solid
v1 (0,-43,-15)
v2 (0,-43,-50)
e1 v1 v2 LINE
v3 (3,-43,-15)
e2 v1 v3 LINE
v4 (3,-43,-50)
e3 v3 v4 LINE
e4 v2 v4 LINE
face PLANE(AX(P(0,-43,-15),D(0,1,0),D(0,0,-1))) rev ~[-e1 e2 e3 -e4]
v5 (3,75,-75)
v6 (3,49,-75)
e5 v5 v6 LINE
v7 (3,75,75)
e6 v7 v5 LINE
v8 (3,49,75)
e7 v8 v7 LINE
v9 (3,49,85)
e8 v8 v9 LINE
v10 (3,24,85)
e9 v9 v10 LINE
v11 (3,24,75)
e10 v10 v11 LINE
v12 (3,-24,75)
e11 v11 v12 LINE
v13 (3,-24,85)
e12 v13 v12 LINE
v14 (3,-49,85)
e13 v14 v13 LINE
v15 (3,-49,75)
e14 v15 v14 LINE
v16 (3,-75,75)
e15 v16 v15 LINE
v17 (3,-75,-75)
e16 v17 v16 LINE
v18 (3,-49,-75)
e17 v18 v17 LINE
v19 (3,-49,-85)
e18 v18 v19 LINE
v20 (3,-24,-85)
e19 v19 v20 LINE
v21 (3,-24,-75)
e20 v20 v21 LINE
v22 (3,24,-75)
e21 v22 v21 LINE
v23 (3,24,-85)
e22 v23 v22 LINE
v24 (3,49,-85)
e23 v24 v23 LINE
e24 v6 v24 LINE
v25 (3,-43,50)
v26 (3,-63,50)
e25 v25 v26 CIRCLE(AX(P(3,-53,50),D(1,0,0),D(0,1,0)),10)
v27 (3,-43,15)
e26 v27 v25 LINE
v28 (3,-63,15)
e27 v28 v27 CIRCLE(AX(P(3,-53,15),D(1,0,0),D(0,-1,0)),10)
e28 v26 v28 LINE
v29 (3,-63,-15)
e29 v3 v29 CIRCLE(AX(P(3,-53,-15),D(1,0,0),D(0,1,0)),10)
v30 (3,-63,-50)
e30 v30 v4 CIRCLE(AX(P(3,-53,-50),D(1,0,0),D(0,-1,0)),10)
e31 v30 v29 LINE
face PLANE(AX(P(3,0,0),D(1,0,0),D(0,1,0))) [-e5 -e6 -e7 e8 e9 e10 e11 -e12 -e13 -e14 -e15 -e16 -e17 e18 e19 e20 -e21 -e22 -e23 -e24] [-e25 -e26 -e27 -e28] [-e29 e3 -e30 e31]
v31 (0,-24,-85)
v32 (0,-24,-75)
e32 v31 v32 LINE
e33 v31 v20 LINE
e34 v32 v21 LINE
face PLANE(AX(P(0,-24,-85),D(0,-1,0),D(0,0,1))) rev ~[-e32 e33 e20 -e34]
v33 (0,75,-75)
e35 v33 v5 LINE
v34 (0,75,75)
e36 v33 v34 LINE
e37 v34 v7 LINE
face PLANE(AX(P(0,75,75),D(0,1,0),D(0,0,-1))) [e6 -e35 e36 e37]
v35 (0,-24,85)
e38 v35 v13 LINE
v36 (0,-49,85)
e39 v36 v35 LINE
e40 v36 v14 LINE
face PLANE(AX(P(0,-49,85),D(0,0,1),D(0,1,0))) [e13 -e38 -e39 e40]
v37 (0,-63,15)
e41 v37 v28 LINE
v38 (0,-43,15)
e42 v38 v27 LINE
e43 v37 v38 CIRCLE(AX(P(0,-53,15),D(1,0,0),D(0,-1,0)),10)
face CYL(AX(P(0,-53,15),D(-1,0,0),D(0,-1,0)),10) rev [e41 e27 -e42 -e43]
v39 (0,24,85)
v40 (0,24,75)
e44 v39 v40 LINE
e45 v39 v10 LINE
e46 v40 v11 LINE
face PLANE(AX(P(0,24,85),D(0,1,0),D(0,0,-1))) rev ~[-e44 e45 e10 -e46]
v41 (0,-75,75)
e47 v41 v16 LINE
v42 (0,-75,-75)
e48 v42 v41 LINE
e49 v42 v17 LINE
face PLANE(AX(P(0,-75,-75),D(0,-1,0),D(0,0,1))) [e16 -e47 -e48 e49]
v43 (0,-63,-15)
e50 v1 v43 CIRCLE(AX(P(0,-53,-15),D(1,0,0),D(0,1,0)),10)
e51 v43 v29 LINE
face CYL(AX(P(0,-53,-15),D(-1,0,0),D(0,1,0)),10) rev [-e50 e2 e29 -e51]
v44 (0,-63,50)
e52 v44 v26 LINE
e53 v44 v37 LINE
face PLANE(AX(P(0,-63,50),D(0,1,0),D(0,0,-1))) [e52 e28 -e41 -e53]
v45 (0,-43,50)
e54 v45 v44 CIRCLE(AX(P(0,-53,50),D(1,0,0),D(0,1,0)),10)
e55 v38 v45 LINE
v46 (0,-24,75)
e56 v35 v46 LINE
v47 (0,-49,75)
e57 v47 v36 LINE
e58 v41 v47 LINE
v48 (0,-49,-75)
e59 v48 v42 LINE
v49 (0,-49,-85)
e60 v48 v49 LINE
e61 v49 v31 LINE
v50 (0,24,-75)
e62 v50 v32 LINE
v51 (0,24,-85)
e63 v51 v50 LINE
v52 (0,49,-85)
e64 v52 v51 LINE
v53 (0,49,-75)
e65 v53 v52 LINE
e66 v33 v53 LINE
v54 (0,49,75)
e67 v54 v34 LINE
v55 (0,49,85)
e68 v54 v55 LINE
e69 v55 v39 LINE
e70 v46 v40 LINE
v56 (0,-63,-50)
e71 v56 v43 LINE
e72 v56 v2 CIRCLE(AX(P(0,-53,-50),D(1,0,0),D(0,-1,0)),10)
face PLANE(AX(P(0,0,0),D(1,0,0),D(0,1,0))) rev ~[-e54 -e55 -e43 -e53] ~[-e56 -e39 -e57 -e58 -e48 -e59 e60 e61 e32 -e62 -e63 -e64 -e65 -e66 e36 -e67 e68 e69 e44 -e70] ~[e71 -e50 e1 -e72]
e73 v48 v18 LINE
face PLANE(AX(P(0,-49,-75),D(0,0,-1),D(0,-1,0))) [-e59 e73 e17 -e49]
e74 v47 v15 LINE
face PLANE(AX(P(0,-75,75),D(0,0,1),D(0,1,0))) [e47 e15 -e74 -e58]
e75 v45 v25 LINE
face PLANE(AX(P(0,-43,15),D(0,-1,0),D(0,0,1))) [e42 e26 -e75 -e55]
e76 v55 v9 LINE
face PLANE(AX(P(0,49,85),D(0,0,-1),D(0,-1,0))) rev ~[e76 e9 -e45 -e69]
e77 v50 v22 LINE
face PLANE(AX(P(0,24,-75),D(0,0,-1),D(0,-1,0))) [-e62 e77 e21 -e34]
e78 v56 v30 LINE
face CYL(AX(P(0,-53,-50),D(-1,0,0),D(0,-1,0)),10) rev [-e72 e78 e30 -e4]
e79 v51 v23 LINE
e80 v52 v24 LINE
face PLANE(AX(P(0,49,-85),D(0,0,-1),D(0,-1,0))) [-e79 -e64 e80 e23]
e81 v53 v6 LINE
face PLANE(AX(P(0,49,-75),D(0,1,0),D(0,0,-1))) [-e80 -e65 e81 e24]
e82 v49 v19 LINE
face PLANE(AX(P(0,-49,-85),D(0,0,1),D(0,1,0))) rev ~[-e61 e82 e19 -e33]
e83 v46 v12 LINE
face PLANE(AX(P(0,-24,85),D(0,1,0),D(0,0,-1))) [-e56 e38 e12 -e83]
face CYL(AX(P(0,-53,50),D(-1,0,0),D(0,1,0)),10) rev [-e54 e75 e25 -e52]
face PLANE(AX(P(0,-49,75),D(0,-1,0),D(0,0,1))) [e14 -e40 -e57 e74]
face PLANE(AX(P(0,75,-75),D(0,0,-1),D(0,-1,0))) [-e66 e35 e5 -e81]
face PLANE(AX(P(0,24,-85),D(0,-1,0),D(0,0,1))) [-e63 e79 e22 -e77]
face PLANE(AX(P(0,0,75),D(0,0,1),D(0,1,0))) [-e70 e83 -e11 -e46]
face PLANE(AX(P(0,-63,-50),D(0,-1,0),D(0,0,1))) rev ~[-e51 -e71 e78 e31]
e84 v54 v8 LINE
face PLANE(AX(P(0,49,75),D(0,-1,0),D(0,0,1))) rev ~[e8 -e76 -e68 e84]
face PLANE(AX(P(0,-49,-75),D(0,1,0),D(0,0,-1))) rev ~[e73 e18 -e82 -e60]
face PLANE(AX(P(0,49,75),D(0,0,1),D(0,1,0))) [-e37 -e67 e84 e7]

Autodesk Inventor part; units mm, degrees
ref_plane "YZ Plane" through (0, 0, 0) normal (1, 0, 0) x (0, 1, 0)
ref_plane "XZ Plane" through (0, 0, 0) normal (0, 1, 0) x (-1, 0, 0)
ref_plane "XY Plane" through (0, 0, 0) normal (0, 0, 1) x (1, 0, 0)
sketch "Sketch1" plane through (0, 0, 0) normal (1, 0, 0) x (0, 1, 0)
  line L0 (75, 75) -> (75, -75)
  line L1 (-75, -75) -> (-75, 75)
  line L2 (-75, 75) -> (75, -75) construction
  line L3 (75, 75) -> (-75, -75) construction
  line L4 (-53, 50) -> (-53, 15) construction
  line L5 (-63, 50) -> (-63, 15)
  line L6 (-43, 15) -> (-43, 50)
  arc A0 (-43, 50) -> (-63, 50) centre (-53, 50) ccw
  arc A1 (-63, 15) -> (-43, 15) centre (-53, 15) ccw
  line L7 (-53, -15) -> (-53, -50) construction
  line L8 (-43, -15) -> (-43, -50)
  line L9 (-63, -50) -> (-63, -15)
  arc A2 (-43, -15) -> (-63, -15) centre (-53, -15) ccw
  arc A3 (-63, -50) -> (-43, -50) centre (-53, -50) ccw
  line L10 (49, 75) -> (49, 85)
  line L11 (49, 85) -> (24, 85)
  line L12 (24, 85) -> (24, 75)
  line L13 (0, 0) -> (0, 108)
  line L14 (-49, 75) -> (-49, 85)
  line L15 (-49, 85) -> (-24, 85)
  line L16 (-24, 85) -> (-24, 75)
  line L17 (0, 0) -> (84, 0)
  line L18 (49, -75) -> (49, -85)
  line L19 (49, -85) -> (24, -85)
  line L20 (24, -85) -> (24, -75)
  line L21 (-49, -75) -> (-49, -85)
  line L22 (-49, -85) -> (-24, -85)
  line L23 (-24, -85) -> (-24, -75)
  line L24 (49, 75) -> (75, 75)
  line L25 (-75, 75) -> (-49, 75)
  line L26 (-24, 75) -> (24, 75)
  line L27 (75, -75) -> (49, -75)
  line L28 (24, -75) -> (-24, -75)
  line L29 (-49, -75) -> (-75, -75)
  point P0 (-53, 32.5)
  point P1 (-53, -32.5)
  dimension "d0" = 150
  dimension "d1" = 150
  dimension "d2" = 25
  dimension "d4" = 25
  dimension "d5" = 35
  dimension "d6" = 35
  dimension "d7" = 22
  dimension "d8" = 10
  dimension "d9" = 10
  dimension "d12" = 25
  dimension "d13" = 26
  dimension "d14" = 10
  dimension "d15" = 10
  dimension "d16" = 9
  dimension "d17" = 183
extrude "Extrusion1" add sketch "Sketch1" along normal blind 3
properties part number "back_part"
